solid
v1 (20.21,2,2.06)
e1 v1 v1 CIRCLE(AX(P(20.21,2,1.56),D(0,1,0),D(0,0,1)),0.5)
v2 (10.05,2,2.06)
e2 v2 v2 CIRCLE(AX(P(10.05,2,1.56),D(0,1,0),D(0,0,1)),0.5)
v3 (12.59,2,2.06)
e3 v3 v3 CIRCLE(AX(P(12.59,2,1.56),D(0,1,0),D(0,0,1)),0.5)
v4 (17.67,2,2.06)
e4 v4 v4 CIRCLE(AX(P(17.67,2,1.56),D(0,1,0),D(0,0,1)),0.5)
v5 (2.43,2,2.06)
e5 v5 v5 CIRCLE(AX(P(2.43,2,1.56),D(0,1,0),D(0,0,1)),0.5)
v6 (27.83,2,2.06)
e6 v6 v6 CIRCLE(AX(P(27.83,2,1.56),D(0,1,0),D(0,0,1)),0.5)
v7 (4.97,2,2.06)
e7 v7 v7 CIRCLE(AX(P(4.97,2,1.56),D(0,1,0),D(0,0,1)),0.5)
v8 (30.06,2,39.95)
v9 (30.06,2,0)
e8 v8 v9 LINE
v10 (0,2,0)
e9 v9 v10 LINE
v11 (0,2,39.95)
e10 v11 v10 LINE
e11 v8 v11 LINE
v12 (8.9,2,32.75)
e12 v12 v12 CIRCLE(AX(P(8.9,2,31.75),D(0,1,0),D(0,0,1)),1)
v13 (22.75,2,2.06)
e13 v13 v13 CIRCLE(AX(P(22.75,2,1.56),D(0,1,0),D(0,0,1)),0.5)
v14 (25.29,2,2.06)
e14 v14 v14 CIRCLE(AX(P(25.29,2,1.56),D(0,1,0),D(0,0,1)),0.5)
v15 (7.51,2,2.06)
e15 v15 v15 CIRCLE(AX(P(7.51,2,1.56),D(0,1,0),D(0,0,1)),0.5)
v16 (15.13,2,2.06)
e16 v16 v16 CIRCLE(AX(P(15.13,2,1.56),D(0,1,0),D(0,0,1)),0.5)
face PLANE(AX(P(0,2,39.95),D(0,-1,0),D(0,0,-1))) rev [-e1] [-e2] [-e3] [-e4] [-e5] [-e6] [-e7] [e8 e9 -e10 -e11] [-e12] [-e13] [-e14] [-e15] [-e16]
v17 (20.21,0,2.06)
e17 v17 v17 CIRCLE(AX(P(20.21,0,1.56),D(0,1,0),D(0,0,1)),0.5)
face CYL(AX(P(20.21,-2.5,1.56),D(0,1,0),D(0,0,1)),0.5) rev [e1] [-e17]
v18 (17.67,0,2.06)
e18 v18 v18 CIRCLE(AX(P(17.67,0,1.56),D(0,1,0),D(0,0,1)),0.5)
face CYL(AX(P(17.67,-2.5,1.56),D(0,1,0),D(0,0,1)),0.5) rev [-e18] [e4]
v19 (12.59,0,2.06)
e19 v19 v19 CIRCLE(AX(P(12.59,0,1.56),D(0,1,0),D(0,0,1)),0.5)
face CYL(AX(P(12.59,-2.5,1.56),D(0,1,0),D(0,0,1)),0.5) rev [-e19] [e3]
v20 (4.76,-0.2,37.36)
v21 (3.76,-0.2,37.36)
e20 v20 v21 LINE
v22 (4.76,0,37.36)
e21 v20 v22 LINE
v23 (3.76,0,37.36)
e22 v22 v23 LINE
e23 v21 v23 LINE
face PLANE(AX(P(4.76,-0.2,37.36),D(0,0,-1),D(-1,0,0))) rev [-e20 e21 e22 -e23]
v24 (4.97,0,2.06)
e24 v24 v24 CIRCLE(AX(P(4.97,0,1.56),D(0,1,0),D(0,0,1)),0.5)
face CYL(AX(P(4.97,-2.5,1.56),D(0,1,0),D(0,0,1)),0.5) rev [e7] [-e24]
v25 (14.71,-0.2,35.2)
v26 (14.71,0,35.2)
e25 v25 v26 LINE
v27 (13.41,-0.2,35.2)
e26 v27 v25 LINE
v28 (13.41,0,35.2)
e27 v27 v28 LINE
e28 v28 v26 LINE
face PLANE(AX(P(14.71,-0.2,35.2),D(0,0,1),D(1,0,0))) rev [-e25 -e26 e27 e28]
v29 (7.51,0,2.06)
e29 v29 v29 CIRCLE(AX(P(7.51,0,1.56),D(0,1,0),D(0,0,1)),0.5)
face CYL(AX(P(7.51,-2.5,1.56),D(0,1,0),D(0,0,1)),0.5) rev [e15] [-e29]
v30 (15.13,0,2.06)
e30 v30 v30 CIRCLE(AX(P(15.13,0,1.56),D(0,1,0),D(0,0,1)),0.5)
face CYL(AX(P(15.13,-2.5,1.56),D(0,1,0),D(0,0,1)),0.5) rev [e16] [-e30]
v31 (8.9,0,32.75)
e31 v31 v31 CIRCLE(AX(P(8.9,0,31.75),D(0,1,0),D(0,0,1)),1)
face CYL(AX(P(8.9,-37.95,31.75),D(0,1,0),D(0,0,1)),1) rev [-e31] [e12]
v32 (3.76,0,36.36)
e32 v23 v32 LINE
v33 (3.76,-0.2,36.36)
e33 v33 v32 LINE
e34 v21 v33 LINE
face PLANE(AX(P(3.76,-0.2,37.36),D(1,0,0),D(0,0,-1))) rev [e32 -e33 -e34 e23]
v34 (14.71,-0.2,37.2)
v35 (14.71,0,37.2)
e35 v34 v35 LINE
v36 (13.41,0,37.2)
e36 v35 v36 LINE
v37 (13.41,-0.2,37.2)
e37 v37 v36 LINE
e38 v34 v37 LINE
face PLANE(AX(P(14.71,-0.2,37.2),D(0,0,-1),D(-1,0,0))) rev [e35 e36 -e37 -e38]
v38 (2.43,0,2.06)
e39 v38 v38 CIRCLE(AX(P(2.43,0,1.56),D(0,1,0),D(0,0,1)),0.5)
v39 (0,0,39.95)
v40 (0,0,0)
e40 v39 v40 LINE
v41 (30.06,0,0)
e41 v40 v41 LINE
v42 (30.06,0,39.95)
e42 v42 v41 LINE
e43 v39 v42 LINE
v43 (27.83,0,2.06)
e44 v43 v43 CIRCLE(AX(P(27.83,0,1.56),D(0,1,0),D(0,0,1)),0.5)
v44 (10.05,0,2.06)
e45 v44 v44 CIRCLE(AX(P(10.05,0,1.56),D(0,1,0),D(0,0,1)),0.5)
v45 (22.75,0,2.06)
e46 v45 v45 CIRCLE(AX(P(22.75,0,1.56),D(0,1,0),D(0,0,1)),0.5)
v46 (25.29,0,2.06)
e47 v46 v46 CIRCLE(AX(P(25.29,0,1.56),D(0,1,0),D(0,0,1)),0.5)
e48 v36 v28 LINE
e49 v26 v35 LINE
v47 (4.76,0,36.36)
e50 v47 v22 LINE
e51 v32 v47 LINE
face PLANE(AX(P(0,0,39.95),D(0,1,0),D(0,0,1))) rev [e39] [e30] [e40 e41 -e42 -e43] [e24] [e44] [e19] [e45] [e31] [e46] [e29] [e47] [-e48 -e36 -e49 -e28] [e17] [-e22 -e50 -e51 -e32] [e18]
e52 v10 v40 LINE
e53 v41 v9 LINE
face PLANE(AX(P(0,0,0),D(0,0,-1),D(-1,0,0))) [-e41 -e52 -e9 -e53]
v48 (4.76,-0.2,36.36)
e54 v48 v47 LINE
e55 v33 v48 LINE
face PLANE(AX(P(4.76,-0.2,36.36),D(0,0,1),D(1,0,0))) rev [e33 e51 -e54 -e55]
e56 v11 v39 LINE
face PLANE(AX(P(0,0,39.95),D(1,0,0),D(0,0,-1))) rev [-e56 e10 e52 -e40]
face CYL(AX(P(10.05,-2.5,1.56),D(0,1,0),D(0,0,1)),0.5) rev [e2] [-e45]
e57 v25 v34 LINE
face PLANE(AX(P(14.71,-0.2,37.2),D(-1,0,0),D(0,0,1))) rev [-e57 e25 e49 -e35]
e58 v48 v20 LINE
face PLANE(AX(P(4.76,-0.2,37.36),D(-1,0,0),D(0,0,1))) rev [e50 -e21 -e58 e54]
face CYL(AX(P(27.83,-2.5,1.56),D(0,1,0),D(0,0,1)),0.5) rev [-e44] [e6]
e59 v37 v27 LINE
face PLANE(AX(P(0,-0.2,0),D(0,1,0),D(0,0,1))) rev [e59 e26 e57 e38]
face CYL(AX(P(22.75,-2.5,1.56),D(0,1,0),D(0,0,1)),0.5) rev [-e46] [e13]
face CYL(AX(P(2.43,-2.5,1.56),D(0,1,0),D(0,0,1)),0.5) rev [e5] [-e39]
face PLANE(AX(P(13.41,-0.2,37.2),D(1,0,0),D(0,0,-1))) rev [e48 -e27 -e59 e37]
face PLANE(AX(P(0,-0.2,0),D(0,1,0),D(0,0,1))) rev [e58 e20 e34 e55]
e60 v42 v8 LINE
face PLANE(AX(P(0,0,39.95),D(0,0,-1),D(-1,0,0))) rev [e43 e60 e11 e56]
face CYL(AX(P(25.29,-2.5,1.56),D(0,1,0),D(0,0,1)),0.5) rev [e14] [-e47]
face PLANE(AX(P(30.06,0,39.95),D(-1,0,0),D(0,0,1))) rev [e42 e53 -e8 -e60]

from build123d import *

# Parameters (mm, degrees)
SKETCH1_W           = 30.06
SKETCH1_H           = 2
BOSS_EXTRUDE1_DEPTH = 39.95
SKETCH2_R           = 1
CUT_EXTRUDE1_DEPTH  = 39.95
SKETCH3_R           = 0.5
CUT_EXTRUDE2_DEPTH  = 4.5
LPATTERN1_COUNT     = 11
LPATTERN1_PITCH     = 2.54
SKETCH4_W           = 1.3
SKETCH4_H           = 2
BOSS_EXTRUDE2_DEPTH = 0.2
SKETCH5_W           = 1
SKETCH5_H           = 1
BOSS_EXTRUDE3_DEPTH = 0.2


with BuildPart() as part:
    # Sketch1 → Boss-Extrude1 (new body)
    with BuildSketch(Plane.XY):
        with Locations((15.03, 1)):
            Rectangle(SKETCH1_W, SKETCH1_H)
    extrude(amount=BOSS_EXTRUDE1_DEPTH)

    # Sketch2 → Cut-Extrude1 (cut)
    with BuildSketch(Plane(origin=(0, 2, 0), x_dir=(1, 0, 0), z_dir=(0, 1, 0))):
        with Locations(Location((8.9, -31.75, 0), (0, 0, 270))):
            Circle(SKETCH2_R)
    extrude(amount=-CUT_EXTRUDE1_DEPTH, mode=Mode.SUBTRACT)

    # Sketch3 → Cut-Extrude2 (cut)
    with BuildSketch(Plane(origin=(0, 2, 0), x_dir=(1, 0, 0), z_dir=(0, 1, 0))):
        with Locations(Location((27.83, -1.56, 0), (0, 0, 270))):
            Circle(SKETCH3_R)
    cut_extrude2 = extrude(amount=-CUT_EXTRUDE2_DEPTH, mode=Mode.SUBTRACT)

    # LPattern1: Cut-Extrude2 ×11
    with Locations(*[(-i * LPATTERN1_PITCH, 0, 0) for i in range(1, LPATTERN1_COUNT)]):
        add(cut_extrude2, mode=Mode.SUBTRACT)

    # Sketch4 → Boss-Extrude2 (add)
    with BuildSketch(Plane.XZ):
        with Locations((14.06, 36.2)):
            Rectangle(SKETCH4_W, SKETCH4_H)
    extrude(amount=BOSS_EXTRUDE2_DEPTH)

    # Sketch5 → Boss-Extrude3 (add)
    with BuildSketch(Plane.XZ):
        with Locations((4.26, 36.86)):
            Rectangle(SKETCH5_W, SKETCH5_H)
    extrude(amount=BOSS_EXTRUDE3_DEPTH)


solid = part.part
